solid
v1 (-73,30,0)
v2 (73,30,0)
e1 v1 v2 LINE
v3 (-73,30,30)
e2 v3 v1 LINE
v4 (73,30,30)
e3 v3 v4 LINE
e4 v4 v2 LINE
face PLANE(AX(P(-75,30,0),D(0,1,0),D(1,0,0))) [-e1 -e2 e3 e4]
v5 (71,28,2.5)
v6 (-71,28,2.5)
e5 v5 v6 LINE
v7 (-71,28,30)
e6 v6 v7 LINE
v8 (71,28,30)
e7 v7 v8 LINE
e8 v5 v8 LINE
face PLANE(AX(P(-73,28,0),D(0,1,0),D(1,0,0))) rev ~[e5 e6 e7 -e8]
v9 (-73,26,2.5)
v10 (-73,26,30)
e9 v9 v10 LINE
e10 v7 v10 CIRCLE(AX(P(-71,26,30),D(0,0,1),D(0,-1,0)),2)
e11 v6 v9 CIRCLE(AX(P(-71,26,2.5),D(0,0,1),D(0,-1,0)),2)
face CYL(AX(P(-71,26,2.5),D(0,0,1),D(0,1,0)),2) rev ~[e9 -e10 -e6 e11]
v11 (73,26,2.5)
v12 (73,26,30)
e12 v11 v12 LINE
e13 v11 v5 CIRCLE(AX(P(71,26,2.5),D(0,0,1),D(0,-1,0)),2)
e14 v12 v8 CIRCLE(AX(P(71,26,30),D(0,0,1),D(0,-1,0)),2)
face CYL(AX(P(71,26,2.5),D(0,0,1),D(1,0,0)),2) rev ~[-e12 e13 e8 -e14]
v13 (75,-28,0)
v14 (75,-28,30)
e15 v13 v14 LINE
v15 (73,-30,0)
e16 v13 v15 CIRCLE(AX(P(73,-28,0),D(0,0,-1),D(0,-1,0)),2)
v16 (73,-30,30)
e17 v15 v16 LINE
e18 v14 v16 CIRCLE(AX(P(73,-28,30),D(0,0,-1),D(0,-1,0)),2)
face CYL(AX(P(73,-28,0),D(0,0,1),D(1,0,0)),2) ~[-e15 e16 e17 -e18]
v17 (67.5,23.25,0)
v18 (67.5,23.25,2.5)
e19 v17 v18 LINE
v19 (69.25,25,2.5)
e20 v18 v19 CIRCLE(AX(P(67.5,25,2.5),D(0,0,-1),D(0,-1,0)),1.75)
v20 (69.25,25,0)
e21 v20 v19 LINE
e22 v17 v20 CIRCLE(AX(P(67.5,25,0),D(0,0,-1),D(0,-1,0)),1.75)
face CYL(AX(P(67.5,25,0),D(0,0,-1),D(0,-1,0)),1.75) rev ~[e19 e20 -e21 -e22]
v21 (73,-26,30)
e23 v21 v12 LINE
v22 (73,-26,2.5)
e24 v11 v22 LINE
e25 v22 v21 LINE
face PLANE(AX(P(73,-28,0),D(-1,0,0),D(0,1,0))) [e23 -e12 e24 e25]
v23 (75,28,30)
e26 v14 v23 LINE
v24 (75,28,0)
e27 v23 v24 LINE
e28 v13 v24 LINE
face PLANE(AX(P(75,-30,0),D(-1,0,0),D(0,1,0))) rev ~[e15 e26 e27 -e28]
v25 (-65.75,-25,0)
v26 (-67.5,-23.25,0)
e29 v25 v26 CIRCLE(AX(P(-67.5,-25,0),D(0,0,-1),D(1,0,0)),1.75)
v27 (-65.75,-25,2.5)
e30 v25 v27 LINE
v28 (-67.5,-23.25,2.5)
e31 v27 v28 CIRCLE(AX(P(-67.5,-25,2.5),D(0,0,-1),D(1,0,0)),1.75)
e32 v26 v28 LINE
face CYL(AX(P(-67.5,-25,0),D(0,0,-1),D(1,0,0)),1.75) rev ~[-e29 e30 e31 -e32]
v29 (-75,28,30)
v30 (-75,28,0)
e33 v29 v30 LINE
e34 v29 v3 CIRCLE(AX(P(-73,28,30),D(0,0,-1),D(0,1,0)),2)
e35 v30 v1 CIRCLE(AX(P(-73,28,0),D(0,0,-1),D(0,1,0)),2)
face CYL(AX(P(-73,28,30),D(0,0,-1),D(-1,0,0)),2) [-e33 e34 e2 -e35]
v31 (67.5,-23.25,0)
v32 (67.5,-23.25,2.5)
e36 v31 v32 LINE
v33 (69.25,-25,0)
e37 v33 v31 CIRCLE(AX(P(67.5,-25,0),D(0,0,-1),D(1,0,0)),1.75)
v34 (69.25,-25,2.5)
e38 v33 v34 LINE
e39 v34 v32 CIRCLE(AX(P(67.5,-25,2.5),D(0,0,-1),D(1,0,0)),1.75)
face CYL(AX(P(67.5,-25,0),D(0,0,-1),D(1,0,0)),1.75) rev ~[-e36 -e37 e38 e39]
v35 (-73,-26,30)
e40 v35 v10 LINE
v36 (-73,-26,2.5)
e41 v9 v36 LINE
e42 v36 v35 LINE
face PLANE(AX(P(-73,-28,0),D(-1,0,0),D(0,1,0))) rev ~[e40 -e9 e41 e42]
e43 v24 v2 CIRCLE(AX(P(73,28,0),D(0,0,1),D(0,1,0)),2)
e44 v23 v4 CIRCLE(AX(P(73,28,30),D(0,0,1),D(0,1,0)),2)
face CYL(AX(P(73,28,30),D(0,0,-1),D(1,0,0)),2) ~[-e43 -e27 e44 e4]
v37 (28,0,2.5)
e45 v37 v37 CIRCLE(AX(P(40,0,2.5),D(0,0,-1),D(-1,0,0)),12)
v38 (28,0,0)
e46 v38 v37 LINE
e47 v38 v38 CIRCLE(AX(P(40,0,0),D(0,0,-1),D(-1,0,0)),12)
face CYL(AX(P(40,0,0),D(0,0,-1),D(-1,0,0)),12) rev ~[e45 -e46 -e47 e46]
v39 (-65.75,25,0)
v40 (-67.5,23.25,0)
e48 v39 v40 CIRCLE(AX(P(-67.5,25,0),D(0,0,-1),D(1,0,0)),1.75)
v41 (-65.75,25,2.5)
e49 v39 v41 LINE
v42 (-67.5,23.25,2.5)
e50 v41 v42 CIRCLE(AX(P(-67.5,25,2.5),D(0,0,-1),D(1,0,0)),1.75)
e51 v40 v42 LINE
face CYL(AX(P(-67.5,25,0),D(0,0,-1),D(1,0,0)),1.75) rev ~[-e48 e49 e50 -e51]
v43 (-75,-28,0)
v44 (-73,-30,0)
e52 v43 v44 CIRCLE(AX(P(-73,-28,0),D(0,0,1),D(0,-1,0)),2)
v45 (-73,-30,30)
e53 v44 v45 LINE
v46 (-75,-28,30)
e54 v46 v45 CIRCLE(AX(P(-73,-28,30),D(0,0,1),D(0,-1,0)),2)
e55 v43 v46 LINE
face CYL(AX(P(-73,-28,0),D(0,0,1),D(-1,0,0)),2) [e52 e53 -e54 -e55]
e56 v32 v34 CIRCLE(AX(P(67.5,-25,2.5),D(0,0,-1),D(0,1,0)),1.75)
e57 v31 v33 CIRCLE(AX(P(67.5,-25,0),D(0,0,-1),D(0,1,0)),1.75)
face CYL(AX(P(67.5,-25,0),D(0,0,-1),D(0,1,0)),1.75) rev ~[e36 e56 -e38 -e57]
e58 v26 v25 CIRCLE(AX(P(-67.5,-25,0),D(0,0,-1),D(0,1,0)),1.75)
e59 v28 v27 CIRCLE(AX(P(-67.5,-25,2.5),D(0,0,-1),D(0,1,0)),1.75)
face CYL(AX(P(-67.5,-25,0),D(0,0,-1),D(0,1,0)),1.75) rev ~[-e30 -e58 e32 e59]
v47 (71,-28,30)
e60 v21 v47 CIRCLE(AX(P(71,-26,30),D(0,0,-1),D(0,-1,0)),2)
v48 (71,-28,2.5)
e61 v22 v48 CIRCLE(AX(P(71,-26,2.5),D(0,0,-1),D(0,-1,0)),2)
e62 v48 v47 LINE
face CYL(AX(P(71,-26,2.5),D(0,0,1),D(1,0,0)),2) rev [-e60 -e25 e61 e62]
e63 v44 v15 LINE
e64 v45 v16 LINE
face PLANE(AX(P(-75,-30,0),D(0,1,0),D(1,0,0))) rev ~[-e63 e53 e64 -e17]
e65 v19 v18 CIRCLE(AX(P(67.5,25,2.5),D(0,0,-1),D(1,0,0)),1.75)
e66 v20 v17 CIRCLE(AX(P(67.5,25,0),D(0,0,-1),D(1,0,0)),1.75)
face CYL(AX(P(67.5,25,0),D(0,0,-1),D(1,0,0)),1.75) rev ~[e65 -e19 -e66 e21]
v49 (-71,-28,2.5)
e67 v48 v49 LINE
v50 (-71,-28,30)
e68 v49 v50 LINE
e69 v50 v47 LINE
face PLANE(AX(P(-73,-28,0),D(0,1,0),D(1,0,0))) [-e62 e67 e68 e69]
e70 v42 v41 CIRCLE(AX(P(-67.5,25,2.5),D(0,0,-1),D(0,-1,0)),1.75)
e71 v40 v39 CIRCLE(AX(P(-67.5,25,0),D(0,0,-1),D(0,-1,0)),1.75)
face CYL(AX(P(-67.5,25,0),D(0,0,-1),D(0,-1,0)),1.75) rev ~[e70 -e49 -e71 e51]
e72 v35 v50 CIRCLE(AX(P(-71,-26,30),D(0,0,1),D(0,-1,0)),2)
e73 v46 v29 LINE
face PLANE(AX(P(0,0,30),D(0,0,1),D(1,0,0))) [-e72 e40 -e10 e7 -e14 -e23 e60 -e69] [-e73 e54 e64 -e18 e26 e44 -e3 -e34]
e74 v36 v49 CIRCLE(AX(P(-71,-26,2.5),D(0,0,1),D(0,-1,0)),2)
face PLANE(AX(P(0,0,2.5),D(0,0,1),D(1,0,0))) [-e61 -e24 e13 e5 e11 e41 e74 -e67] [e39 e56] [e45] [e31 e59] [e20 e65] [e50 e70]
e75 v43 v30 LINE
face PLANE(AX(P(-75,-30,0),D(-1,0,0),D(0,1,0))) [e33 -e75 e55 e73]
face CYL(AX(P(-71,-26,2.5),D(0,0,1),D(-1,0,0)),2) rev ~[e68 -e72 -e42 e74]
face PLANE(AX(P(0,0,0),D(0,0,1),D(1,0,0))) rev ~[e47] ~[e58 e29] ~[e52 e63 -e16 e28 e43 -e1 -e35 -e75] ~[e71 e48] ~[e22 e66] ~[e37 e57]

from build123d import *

# Parameters (mm, degrees)
F0_W     = 150
F0_H     = 60
F1_DEPTH = 2.5
F2_W     = 150
F2_H     = 60
F2_W_2   = 146
F2_H_2   = 56
F3_DEPTH = 30
F4_R     = 2


with BuildPart() as f1:
    # F0 (on Top) → F1 (new body)
    with BuildSketch(Plane.XY):
        Rectangle(F0_W, F0_H)
        with BuildLine():
            ThreePointArc((-65.75, -25), (-68.7374368671, -26.2374368671), (-67.5, -23.25))
            ThreePointArc((-67.5, -23.25), (-66.2625631329, -23.7625631329), (-65.75, -25))
        make_face(mode=Mode.SUBTRACT)
        with BuildLine():
            ThreePointArc((69.25, -25), (66.2625631329, -26.2374368671), (67.5, -23.25))
            ThreePointArc((67.5, -23.25), (68.7374368671, -23.7625631329), (69.25, -25))
        make_face(mode=Mode.SUBTRACT)
        with BuildLine():
            ThreePointArc((-65.75, 25), (-66.2625631329, 23.7625631329), (-67.5, 23.25))
            ThreePointArc((-67.5, 23.25), (-68.7374368671, 26.2374368671), (-65.75, 25))
        make_face(mode=Mode.SUBTRACT)
        with BuildLine():
            ThreePointArc((52, 0), (40, -12), (28, 0))
            ThreePointArc((28, 0), (40, 12), (52, 0))
        make_face(mode=Mode.SUBTRACT)
        with BuildLine():
            ThreePointArc((69.25, 25), (68.7374368671, 23.7625631329), (67.5, 23.25))
            ThreePointArc((67.5, 23.25), (66.2625631329, 26.2374368671), (69.25, 25))
        make_face(mode=Mode.SUBTRACT)
    extrude(amount=F1_DEPTH)

    # F2 (on Top) → F3 (join)
    with BuildSketch(Plane.XY):
        Rectangle(F2_W, F2_H)
        Rectangle(F2_W_2, F2_H_2, mode=Mode.SUBTRACT)
    extrude(amount=F3_DEPTH)

    # F4
    f4_edges = [f1.edges().sort_by_distance(p)[0] for p in [
        (-73, 28, 16.25),
        (73, 28, 16.25),
        (-73, -28, 16.25),
        (73, -28, 16.25),
        (-75, 30, 15),
        (-75, -30, 15),
        (75, -30, 15),
        (75, 30, 15),
    ]]
    fillet(f4_edges, radius=F4_R)


solid = f1.part
